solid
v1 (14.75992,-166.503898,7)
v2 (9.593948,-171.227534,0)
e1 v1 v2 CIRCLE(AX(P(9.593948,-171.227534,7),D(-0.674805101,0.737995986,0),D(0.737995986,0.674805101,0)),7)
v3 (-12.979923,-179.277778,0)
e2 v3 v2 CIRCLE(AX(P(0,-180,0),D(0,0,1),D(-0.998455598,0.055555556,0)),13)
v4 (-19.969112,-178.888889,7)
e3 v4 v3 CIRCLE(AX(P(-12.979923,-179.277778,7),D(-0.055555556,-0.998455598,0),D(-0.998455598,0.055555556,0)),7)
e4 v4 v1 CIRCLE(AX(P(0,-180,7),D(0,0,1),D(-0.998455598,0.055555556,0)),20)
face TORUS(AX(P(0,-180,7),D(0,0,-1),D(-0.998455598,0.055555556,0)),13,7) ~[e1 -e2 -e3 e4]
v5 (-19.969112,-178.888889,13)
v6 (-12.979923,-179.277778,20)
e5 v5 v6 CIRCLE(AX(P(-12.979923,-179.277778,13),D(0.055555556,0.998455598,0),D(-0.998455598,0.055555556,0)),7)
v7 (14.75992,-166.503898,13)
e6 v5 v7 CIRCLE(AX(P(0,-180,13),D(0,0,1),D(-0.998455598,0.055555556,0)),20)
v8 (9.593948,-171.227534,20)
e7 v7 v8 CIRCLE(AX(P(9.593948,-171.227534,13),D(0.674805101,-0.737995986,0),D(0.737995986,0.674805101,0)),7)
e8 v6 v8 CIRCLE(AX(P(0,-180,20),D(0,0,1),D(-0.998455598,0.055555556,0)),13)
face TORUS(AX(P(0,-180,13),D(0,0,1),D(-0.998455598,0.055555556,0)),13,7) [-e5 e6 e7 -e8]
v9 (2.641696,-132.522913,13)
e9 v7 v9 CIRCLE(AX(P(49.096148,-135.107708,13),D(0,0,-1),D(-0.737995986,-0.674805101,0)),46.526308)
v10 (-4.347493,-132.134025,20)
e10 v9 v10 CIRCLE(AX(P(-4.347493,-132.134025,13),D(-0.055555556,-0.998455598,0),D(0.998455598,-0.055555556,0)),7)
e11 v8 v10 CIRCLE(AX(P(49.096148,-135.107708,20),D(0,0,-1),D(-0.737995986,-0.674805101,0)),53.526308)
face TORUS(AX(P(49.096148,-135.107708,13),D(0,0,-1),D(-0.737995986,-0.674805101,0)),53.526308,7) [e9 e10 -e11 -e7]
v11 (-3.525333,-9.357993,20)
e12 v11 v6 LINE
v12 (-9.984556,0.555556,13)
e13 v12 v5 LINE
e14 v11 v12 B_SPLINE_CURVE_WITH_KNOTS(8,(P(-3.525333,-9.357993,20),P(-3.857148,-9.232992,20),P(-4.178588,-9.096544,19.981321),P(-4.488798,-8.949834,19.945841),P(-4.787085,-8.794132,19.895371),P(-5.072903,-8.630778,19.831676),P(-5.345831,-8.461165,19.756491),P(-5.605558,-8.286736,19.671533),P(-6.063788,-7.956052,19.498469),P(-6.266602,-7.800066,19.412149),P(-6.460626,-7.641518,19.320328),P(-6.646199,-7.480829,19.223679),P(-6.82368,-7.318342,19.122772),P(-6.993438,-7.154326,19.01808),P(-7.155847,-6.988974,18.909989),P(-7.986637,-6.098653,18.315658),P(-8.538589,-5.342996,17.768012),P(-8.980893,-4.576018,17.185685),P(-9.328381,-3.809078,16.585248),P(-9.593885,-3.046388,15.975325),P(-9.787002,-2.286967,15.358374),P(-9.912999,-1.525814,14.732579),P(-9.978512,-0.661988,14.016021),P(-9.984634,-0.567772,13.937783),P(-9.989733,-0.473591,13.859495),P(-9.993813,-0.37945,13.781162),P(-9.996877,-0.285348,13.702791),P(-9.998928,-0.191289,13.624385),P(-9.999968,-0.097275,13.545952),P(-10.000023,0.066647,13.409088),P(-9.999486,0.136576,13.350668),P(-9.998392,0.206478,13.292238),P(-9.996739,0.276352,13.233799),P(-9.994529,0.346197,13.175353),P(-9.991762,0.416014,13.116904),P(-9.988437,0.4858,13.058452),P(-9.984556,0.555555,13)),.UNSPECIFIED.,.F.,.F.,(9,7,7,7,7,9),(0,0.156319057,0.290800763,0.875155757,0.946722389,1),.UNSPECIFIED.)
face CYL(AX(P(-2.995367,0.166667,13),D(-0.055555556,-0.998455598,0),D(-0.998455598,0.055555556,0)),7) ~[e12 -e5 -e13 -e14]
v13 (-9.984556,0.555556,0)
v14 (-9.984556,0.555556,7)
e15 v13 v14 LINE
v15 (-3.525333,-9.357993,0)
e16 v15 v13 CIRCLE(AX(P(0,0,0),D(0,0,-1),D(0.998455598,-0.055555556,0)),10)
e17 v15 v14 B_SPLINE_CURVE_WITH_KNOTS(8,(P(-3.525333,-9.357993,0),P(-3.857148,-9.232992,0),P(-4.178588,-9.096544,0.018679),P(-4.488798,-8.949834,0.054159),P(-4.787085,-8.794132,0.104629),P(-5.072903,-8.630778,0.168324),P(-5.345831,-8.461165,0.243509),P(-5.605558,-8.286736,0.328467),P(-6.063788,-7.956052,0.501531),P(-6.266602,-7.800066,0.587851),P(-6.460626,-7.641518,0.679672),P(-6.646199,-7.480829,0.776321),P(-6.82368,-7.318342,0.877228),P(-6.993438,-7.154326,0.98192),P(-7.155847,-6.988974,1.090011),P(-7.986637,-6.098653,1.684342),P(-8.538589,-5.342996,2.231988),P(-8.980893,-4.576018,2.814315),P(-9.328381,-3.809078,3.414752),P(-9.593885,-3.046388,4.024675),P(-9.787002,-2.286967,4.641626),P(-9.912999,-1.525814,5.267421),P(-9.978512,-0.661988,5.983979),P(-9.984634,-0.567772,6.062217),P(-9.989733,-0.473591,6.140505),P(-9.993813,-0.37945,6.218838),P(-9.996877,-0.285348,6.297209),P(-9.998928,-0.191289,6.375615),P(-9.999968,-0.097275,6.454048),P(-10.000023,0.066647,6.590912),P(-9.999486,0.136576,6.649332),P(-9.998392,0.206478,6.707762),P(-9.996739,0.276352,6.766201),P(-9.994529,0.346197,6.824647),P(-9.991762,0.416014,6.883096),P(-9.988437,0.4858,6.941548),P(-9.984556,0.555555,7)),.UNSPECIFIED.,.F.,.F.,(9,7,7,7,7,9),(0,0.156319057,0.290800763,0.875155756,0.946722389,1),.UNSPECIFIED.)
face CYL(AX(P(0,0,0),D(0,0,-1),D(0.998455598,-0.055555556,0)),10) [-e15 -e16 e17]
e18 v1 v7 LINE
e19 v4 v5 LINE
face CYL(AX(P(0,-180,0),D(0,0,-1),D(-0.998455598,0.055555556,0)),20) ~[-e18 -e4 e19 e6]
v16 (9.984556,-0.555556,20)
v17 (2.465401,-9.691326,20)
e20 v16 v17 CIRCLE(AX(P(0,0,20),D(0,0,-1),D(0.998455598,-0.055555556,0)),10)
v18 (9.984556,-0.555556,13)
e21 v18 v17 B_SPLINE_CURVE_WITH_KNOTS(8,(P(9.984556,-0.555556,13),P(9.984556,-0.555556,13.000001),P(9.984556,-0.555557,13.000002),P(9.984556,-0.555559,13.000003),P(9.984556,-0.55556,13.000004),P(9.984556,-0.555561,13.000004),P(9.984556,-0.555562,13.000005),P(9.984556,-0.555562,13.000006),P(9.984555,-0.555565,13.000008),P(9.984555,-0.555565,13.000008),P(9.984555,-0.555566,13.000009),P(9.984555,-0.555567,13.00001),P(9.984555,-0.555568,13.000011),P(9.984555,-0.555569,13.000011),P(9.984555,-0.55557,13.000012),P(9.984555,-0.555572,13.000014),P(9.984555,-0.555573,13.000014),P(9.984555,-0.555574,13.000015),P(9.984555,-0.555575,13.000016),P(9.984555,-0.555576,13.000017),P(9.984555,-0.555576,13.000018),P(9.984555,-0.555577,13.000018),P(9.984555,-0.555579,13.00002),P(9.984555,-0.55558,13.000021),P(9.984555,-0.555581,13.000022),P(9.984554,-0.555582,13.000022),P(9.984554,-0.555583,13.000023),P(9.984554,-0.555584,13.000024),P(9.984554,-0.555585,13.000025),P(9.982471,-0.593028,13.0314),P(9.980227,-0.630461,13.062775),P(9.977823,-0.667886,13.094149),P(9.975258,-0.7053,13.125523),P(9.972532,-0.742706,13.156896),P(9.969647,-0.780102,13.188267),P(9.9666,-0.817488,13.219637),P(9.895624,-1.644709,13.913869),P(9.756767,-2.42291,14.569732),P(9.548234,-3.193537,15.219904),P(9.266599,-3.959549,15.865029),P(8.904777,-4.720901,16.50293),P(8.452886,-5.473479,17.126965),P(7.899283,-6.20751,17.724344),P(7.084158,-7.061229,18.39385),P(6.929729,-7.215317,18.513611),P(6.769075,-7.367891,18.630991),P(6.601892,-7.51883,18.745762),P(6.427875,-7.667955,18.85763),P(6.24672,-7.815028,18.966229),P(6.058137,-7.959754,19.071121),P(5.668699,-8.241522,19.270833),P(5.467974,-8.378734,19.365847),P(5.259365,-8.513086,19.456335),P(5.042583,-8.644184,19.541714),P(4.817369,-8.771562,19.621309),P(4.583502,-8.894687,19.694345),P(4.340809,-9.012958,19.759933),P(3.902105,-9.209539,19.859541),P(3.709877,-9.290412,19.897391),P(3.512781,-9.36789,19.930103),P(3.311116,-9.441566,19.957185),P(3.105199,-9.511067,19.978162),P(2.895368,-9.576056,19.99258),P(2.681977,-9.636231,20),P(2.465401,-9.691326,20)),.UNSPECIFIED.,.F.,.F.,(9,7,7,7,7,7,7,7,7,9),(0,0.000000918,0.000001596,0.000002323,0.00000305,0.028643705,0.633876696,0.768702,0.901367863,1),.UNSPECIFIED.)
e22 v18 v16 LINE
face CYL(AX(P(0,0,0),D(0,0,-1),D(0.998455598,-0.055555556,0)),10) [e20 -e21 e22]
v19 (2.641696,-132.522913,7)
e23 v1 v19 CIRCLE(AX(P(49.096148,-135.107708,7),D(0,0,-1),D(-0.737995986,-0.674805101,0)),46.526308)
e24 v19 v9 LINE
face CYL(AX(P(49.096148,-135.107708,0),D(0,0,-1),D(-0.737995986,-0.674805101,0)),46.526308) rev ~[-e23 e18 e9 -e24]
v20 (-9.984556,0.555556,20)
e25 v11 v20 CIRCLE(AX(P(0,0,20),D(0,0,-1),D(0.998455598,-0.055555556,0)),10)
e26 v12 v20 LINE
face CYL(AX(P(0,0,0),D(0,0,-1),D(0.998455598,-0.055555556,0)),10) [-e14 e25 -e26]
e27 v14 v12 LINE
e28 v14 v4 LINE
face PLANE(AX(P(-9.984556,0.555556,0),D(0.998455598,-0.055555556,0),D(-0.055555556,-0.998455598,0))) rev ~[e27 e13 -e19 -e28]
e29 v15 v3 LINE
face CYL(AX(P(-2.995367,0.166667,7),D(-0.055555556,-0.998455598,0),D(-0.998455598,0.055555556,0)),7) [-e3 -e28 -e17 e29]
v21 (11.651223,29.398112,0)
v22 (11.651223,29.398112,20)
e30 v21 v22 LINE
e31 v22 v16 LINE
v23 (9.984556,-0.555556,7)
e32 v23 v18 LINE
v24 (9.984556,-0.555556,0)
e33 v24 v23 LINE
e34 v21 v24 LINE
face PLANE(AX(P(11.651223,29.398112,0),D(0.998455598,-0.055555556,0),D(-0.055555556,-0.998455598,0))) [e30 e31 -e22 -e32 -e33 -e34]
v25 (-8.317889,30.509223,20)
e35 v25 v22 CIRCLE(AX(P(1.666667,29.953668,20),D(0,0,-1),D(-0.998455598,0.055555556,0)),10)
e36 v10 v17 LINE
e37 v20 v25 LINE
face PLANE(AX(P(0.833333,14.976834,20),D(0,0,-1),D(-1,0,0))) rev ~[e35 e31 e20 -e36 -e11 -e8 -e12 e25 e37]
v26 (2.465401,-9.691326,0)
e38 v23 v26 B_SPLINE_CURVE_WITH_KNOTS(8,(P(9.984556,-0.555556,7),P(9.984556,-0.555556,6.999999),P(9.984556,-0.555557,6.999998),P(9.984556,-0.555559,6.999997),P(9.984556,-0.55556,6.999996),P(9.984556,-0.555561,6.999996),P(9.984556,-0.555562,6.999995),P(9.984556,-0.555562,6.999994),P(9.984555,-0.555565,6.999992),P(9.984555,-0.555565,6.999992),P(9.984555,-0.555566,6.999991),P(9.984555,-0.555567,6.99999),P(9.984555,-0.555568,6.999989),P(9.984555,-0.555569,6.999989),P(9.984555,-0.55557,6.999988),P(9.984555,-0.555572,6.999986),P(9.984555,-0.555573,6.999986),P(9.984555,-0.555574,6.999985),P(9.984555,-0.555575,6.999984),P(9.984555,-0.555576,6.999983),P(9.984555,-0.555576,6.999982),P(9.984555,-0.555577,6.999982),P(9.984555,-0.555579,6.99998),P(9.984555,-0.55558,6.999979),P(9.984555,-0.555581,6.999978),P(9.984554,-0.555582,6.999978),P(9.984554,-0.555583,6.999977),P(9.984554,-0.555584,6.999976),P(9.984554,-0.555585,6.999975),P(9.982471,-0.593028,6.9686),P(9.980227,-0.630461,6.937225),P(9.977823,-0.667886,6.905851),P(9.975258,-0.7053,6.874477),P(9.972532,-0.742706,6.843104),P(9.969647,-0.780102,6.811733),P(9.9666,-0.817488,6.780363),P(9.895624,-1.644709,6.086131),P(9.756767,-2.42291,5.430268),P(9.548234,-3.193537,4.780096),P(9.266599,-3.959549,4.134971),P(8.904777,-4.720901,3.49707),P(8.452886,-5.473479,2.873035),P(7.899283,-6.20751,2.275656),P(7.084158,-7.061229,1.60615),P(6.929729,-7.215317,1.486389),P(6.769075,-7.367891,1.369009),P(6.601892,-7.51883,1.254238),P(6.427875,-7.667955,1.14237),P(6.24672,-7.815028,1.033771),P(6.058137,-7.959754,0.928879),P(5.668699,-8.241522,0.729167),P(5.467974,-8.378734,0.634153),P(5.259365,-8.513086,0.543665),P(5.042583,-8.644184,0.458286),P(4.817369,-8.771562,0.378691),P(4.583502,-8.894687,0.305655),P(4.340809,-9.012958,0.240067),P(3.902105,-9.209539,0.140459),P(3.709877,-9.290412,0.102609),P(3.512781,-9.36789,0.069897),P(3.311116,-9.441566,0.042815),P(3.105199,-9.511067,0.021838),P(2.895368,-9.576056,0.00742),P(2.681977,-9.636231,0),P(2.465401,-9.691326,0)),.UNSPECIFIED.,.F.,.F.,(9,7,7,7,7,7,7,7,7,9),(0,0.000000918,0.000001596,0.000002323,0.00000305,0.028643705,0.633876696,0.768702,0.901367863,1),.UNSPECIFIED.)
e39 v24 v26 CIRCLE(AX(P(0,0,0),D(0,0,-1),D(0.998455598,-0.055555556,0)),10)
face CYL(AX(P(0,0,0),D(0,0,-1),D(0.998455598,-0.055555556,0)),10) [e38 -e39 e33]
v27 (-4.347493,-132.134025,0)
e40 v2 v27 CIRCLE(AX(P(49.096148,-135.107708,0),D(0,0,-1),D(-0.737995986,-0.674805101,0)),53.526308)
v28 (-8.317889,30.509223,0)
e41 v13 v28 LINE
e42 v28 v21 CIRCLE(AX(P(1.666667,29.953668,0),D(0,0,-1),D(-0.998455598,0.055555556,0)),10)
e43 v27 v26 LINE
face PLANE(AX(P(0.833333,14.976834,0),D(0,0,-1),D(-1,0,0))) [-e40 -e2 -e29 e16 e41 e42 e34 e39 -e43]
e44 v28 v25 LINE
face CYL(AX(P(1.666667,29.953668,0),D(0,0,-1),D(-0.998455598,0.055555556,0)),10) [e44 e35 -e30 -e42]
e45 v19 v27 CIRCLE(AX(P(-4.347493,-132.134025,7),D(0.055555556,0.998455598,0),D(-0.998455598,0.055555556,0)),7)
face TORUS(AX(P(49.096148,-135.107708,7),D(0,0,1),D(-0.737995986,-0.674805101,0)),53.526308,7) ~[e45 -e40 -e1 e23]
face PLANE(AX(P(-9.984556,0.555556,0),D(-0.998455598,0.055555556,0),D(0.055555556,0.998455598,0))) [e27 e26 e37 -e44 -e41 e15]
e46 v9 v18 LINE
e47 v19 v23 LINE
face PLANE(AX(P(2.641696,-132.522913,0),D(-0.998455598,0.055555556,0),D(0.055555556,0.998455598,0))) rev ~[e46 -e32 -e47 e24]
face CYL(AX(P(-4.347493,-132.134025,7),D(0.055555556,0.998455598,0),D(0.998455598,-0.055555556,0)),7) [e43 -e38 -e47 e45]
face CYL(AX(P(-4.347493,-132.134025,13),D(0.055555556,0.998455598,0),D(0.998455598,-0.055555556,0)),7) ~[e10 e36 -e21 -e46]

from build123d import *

# Parameters (mm, degrees)
EXTRUDE_1_DEPTH = 20
FILLET_1_R      = 7
EXTRUDE_2_DEPTH = 20


with BuildPart() as part:
    # 草图1 → 凸台-拉伸1 (new body)
    with BuildSketch(Plane.XY):
        with BuildLine():
            Line((-9.984555975, 0.555555556), (-19.969111951, -178.888888889))
            ThreePointArc((-19.969111951, -178.888888889), (6.717955109, -198.837969083), (14.759919727, -166.503897983))
            ThreePointArc((14.759919727, -166.503897983), (5.273090806, -150.735790608), (2.641695759, -132.52291348))
            Line((2.641695759, -132.52291348), (9.984555975, -0.555555556))
            ThreePointArc((9.984555975, -0.555555556), (0.555555556, 9.984555975), (-9.984555975, 0.555555556))
        make_face()
    extrude(amount=EXTRUDE_1_DEPTH)

    # 圆角1
    fillet_1_edges = [part.edges().sort_by_distance(p)[0] for p in [
        (6.313125867, -66.539234518, 20),
        (0.555555556, 9.984555975, 20),
        (-14.976833963, -89.166666667, 20),
        (6.717955109, -198.837969083, 20),
        (-14.976833963, -89.166666667, 0),
        (0.555555556, 9.984555975, 0),
        (6.313125867, -66.539234518, 0),
        (5.273090806, -150.735790608, 0),
        (6.717955109, -198.837969083, 0),
        (5.273090806, -150.735790608, 20),
    ]]
    fillet(fillet_1_edges, radius=FILLET_1_R)

    # 草图2 → 凸台-拉伸2 (add)
    with BuildSketch(Plane.XY):
        with BuildLine():
            Line((-9.984555975, 0.555555556), (-8.317889309, 30.509223482))
            ThreePointArc((-8.317889309, 30.509223482), (2.222222222, 39.938223901), (11.651222642, 29.39811237))
            Line((11.651222642, 29.39811237), (9.984555975, -0.555555556))
            ThreePointArc((9.984555975, -0.555555556), (-0.555555556, -9.984555975), (-9.984555975, 0.555555556))
        make_face()
    extrude(amount=EXTRUDE_2_DEPTH)


solid = part.part
